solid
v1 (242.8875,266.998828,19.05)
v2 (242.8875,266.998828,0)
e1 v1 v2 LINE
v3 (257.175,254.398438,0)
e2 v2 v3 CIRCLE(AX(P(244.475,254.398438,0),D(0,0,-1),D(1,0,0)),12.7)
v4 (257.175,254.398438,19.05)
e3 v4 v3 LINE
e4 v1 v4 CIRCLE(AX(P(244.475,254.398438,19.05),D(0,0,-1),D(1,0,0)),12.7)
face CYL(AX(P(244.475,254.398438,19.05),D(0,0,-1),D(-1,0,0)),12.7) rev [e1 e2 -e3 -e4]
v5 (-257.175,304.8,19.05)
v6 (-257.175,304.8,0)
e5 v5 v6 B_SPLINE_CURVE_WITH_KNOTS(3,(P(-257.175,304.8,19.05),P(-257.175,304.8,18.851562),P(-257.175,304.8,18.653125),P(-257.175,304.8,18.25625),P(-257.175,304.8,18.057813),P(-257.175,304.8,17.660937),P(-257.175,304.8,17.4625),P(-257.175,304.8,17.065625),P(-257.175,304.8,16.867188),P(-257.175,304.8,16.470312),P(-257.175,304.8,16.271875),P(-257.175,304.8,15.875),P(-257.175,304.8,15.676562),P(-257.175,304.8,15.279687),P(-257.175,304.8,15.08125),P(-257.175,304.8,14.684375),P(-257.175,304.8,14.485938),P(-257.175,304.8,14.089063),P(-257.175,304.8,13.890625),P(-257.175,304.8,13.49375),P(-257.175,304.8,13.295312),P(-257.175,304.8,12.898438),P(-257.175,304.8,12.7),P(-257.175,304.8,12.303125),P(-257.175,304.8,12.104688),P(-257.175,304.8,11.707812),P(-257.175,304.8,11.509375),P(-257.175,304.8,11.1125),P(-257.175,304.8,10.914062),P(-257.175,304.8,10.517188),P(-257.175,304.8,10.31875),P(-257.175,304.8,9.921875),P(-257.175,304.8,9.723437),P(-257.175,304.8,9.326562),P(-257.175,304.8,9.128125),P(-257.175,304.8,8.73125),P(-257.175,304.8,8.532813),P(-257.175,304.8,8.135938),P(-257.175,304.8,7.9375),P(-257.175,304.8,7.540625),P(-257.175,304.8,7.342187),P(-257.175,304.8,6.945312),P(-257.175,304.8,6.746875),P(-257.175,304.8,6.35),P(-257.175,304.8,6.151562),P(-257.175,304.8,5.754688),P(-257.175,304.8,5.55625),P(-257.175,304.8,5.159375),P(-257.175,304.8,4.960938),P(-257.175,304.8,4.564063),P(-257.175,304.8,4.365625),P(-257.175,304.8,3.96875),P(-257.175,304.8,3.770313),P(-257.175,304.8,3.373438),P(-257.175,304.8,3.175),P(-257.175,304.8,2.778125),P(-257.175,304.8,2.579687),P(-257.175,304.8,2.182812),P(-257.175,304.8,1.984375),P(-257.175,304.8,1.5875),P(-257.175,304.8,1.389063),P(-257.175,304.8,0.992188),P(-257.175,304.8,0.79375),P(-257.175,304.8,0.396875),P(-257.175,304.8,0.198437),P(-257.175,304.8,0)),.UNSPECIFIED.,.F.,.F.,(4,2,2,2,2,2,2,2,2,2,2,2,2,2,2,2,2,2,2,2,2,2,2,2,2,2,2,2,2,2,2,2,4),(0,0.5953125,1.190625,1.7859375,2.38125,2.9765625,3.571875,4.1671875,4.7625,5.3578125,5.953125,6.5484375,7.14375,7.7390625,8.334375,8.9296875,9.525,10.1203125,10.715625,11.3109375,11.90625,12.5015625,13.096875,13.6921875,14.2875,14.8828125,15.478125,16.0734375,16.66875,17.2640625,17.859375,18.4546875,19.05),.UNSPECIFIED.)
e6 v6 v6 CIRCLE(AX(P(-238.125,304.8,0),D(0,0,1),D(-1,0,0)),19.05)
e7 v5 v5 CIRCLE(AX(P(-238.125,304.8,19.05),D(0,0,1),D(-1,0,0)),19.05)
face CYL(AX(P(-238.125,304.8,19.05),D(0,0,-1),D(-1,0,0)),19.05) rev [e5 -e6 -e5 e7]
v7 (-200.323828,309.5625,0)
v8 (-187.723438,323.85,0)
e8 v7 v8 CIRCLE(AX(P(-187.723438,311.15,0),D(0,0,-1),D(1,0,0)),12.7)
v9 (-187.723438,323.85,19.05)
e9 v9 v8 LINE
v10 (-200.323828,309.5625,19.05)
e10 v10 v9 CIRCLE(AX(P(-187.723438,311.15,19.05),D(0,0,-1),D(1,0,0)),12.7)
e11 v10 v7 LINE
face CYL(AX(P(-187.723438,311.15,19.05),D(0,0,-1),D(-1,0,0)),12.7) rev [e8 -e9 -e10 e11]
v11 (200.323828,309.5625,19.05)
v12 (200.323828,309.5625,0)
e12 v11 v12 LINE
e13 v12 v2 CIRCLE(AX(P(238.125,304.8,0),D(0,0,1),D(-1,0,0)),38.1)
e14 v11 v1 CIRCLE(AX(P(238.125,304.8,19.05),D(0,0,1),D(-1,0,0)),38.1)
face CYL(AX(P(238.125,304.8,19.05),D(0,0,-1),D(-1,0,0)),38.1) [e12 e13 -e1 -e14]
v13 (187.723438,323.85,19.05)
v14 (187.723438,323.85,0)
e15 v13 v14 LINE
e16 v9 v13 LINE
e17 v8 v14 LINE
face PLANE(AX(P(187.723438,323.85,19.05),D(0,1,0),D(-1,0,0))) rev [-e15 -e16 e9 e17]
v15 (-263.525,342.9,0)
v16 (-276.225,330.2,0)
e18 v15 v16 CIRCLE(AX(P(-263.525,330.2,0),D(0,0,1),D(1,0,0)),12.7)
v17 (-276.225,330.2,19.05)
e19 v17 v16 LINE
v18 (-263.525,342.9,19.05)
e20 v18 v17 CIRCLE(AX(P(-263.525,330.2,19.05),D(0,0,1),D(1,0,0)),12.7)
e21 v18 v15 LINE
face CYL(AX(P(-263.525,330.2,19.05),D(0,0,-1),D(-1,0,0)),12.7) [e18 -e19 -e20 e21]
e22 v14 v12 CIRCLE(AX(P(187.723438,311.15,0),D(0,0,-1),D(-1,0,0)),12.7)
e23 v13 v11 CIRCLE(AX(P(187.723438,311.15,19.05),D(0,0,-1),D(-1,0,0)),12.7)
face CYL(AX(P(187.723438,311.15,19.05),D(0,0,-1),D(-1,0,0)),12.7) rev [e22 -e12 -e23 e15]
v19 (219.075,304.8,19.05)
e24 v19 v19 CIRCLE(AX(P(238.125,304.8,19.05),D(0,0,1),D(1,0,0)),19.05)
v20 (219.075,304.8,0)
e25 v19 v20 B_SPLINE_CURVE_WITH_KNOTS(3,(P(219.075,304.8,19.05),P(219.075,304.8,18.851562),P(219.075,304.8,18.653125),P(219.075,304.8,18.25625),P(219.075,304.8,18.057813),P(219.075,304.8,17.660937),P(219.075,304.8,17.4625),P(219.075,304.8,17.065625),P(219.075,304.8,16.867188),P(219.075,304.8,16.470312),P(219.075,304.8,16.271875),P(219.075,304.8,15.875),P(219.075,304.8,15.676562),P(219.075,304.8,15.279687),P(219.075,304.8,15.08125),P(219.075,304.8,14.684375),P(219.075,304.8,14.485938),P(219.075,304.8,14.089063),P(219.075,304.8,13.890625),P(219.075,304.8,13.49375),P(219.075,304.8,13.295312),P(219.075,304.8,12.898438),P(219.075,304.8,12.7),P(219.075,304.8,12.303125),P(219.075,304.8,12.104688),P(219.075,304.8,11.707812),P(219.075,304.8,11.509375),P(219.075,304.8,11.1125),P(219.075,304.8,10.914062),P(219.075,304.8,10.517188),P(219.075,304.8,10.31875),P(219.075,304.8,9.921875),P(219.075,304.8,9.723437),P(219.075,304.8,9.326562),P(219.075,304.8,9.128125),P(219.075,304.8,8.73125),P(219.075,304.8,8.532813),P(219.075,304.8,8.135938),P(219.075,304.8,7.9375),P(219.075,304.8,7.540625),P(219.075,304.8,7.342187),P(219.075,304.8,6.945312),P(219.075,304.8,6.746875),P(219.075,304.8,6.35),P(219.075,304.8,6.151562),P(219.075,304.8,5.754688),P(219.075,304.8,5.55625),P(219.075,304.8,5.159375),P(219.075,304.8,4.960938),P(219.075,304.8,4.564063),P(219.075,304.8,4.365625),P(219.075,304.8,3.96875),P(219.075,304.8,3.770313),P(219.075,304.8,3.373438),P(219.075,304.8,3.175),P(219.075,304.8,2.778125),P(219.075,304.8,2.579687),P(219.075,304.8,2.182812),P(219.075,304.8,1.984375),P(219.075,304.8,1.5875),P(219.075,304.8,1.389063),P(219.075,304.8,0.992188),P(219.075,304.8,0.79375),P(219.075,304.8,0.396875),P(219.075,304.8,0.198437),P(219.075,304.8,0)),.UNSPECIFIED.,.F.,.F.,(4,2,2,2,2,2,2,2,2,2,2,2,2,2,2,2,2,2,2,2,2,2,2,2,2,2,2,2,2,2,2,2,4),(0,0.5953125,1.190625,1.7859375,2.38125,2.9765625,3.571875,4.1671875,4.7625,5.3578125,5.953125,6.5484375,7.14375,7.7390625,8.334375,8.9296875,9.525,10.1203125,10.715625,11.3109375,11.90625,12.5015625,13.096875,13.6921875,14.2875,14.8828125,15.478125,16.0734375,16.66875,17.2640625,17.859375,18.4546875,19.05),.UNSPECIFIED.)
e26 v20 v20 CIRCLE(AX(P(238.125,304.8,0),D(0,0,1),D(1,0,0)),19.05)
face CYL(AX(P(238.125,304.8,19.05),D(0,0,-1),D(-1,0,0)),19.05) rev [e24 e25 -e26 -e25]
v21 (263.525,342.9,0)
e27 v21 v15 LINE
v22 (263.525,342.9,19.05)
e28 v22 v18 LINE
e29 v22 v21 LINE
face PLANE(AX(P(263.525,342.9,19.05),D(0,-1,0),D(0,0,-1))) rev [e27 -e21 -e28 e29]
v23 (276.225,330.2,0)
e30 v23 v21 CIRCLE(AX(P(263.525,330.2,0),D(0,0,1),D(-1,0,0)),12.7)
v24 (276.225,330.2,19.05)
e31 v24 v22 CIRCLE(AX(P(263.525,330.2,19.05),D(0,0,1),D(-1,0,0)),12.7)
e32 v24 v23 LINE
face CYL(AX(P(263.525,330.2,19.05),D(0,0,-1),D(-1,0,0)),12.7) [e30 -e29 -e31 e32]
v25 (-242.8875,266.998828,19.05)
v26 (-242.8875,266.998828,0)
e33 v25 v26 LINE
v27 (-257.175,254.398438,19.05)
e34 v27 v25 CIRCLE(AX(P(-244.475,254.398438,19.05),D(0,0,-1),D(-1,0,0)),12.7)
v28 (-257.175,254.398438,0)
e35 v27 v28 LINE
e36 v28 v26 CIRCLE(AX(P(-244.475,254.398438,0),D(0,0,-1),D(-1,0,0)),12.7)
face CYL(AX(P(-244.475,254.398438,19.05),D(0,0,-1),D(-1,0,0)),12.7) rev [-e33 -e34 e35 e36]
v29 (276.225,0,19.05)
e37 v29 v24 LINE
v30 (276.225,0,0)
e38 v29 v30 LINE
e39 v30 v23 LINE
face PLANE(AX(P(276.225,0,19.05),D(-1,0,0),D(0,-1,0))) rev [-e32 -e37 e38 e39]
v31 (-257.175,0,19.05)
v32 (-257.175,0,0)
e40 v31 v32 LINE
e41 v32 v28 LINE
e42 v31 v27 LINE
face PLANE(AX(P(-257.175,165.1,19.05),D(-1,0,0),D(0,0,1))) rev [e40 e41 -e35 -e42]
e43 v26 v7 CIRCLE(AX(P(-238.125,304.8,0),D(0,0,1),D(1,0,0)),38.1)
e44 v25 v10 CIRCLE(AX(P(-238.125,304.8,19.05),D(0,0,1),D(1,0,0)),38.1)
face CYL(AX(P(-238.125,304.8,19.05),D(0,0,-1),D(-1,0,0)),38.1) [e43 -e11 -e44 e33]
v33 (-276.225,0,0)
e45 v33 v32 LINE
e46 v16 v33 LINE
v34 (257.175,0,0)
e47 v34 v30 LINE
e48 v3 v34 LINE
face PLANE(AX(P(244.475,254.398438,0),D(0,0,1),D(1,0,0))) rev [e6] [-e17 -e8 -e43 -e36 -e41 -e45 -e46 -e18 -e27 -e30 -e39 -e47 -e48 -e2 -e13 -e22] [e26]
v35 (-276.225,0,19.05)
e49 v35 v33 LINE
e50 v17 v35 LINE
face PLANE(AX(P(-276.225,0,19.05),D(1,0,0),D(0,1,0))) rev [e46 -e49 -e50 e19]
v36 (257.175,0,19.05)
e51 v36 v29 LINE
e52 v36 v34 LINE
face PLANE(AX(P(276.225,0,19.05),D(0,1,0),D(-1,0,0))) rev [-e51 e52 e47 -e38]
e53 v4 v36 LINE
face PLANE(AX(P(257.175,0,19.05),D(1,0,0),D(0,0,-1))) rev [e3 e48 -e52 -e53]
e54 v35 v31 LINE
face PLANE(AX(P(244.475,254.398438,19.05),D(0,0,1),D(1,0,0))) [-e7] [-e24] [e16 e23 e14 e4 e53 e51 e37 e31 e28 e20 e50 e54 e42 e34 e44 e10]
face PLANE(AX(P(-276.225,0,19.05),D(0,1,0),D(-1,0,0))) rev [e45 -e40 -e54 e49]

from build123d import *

# Parameters (mm, degrees)
SKETCH1_R           = 19.05
BOSS_EXTRUDE1_DEPTH = 19.05


with BuildPart() as part:
    # Sketch1 → Boss-Extrude1 (new body)
    with BuildSketch(Plane.XY):
        with BuildLine():
            Line((276.225, 0), (276.225, 330.2))
            ThreePointArc((276.225, 330.2), (272.505256121, 339.180256121), (263.525, 342.9))
            Line((263.525, 342.9), (-263.525, 342.9))
            ThreePointArc((-263.525, 342.9), (-272.505256121, 339.180256121), (-276.225, 330.2))
            Line((-276.225, 330.2), (-276.225, 0))
            Line((-276.225, 0), (-257.175, 0))
            Line((-257.175, 0), (-257.175, 76.2))
            Line((-257.175, 76.2), (-257.175, 165.1))
            Line((-257.175, 165.1), (-257.175, 254.398437524))
            ThreePointArc((-257.175, 254.398437524), (-252.875260413, 263.923437524), (-242.8875, 266.998828143))
            ThreePointArc((-242.8875, 266.998828143), (-211.184231637, 277.859231637), (-200.323828143, 309.5625))
            ThreePointArc((-200.323828143, 309.5625), (-197.248437524, 319.550260413), (-187.723437524, 323.85))
            Line((-187.723437524, 323.85), (187.723437524, 323.85))
            ThreePointArc((187.723437524, 323.85), (197.248437524, 319.550260413), (200.323828143, 309.5625))
            ThreePointArc((200.323828143, 309.5625), (211.184231637, 277.859231637), (242.8875, 266.998828143))
            ThreePointArc((242.8875, 266.998828143), (252.875260413, 263.923437524), (257.175, 254.398437524))
            Line((257.175, 254.398437524), (257.175, 165.1))
            Line((257.175, 165.1), (257.175, 76.2))
            Line((257.175, 76.2), (257.175, 0))
            Line((257.175, 0), (276.225, 0))
        make_face()
        with Locations(Location((238.125, 304.8, 0), (0, 0, 180))):
            Circle(SKETCH1_R, mode=Mode.SUBTRACT)
        with Locations(Location((-238.125, 304.8, 0), (0, 0, 180))):
            Circle(SKETCH1_R, mode=Mode.SUBTRACT)
    extrude(amount=BOSS_EXTRUDE1_DEPTH)


solid = part.part
